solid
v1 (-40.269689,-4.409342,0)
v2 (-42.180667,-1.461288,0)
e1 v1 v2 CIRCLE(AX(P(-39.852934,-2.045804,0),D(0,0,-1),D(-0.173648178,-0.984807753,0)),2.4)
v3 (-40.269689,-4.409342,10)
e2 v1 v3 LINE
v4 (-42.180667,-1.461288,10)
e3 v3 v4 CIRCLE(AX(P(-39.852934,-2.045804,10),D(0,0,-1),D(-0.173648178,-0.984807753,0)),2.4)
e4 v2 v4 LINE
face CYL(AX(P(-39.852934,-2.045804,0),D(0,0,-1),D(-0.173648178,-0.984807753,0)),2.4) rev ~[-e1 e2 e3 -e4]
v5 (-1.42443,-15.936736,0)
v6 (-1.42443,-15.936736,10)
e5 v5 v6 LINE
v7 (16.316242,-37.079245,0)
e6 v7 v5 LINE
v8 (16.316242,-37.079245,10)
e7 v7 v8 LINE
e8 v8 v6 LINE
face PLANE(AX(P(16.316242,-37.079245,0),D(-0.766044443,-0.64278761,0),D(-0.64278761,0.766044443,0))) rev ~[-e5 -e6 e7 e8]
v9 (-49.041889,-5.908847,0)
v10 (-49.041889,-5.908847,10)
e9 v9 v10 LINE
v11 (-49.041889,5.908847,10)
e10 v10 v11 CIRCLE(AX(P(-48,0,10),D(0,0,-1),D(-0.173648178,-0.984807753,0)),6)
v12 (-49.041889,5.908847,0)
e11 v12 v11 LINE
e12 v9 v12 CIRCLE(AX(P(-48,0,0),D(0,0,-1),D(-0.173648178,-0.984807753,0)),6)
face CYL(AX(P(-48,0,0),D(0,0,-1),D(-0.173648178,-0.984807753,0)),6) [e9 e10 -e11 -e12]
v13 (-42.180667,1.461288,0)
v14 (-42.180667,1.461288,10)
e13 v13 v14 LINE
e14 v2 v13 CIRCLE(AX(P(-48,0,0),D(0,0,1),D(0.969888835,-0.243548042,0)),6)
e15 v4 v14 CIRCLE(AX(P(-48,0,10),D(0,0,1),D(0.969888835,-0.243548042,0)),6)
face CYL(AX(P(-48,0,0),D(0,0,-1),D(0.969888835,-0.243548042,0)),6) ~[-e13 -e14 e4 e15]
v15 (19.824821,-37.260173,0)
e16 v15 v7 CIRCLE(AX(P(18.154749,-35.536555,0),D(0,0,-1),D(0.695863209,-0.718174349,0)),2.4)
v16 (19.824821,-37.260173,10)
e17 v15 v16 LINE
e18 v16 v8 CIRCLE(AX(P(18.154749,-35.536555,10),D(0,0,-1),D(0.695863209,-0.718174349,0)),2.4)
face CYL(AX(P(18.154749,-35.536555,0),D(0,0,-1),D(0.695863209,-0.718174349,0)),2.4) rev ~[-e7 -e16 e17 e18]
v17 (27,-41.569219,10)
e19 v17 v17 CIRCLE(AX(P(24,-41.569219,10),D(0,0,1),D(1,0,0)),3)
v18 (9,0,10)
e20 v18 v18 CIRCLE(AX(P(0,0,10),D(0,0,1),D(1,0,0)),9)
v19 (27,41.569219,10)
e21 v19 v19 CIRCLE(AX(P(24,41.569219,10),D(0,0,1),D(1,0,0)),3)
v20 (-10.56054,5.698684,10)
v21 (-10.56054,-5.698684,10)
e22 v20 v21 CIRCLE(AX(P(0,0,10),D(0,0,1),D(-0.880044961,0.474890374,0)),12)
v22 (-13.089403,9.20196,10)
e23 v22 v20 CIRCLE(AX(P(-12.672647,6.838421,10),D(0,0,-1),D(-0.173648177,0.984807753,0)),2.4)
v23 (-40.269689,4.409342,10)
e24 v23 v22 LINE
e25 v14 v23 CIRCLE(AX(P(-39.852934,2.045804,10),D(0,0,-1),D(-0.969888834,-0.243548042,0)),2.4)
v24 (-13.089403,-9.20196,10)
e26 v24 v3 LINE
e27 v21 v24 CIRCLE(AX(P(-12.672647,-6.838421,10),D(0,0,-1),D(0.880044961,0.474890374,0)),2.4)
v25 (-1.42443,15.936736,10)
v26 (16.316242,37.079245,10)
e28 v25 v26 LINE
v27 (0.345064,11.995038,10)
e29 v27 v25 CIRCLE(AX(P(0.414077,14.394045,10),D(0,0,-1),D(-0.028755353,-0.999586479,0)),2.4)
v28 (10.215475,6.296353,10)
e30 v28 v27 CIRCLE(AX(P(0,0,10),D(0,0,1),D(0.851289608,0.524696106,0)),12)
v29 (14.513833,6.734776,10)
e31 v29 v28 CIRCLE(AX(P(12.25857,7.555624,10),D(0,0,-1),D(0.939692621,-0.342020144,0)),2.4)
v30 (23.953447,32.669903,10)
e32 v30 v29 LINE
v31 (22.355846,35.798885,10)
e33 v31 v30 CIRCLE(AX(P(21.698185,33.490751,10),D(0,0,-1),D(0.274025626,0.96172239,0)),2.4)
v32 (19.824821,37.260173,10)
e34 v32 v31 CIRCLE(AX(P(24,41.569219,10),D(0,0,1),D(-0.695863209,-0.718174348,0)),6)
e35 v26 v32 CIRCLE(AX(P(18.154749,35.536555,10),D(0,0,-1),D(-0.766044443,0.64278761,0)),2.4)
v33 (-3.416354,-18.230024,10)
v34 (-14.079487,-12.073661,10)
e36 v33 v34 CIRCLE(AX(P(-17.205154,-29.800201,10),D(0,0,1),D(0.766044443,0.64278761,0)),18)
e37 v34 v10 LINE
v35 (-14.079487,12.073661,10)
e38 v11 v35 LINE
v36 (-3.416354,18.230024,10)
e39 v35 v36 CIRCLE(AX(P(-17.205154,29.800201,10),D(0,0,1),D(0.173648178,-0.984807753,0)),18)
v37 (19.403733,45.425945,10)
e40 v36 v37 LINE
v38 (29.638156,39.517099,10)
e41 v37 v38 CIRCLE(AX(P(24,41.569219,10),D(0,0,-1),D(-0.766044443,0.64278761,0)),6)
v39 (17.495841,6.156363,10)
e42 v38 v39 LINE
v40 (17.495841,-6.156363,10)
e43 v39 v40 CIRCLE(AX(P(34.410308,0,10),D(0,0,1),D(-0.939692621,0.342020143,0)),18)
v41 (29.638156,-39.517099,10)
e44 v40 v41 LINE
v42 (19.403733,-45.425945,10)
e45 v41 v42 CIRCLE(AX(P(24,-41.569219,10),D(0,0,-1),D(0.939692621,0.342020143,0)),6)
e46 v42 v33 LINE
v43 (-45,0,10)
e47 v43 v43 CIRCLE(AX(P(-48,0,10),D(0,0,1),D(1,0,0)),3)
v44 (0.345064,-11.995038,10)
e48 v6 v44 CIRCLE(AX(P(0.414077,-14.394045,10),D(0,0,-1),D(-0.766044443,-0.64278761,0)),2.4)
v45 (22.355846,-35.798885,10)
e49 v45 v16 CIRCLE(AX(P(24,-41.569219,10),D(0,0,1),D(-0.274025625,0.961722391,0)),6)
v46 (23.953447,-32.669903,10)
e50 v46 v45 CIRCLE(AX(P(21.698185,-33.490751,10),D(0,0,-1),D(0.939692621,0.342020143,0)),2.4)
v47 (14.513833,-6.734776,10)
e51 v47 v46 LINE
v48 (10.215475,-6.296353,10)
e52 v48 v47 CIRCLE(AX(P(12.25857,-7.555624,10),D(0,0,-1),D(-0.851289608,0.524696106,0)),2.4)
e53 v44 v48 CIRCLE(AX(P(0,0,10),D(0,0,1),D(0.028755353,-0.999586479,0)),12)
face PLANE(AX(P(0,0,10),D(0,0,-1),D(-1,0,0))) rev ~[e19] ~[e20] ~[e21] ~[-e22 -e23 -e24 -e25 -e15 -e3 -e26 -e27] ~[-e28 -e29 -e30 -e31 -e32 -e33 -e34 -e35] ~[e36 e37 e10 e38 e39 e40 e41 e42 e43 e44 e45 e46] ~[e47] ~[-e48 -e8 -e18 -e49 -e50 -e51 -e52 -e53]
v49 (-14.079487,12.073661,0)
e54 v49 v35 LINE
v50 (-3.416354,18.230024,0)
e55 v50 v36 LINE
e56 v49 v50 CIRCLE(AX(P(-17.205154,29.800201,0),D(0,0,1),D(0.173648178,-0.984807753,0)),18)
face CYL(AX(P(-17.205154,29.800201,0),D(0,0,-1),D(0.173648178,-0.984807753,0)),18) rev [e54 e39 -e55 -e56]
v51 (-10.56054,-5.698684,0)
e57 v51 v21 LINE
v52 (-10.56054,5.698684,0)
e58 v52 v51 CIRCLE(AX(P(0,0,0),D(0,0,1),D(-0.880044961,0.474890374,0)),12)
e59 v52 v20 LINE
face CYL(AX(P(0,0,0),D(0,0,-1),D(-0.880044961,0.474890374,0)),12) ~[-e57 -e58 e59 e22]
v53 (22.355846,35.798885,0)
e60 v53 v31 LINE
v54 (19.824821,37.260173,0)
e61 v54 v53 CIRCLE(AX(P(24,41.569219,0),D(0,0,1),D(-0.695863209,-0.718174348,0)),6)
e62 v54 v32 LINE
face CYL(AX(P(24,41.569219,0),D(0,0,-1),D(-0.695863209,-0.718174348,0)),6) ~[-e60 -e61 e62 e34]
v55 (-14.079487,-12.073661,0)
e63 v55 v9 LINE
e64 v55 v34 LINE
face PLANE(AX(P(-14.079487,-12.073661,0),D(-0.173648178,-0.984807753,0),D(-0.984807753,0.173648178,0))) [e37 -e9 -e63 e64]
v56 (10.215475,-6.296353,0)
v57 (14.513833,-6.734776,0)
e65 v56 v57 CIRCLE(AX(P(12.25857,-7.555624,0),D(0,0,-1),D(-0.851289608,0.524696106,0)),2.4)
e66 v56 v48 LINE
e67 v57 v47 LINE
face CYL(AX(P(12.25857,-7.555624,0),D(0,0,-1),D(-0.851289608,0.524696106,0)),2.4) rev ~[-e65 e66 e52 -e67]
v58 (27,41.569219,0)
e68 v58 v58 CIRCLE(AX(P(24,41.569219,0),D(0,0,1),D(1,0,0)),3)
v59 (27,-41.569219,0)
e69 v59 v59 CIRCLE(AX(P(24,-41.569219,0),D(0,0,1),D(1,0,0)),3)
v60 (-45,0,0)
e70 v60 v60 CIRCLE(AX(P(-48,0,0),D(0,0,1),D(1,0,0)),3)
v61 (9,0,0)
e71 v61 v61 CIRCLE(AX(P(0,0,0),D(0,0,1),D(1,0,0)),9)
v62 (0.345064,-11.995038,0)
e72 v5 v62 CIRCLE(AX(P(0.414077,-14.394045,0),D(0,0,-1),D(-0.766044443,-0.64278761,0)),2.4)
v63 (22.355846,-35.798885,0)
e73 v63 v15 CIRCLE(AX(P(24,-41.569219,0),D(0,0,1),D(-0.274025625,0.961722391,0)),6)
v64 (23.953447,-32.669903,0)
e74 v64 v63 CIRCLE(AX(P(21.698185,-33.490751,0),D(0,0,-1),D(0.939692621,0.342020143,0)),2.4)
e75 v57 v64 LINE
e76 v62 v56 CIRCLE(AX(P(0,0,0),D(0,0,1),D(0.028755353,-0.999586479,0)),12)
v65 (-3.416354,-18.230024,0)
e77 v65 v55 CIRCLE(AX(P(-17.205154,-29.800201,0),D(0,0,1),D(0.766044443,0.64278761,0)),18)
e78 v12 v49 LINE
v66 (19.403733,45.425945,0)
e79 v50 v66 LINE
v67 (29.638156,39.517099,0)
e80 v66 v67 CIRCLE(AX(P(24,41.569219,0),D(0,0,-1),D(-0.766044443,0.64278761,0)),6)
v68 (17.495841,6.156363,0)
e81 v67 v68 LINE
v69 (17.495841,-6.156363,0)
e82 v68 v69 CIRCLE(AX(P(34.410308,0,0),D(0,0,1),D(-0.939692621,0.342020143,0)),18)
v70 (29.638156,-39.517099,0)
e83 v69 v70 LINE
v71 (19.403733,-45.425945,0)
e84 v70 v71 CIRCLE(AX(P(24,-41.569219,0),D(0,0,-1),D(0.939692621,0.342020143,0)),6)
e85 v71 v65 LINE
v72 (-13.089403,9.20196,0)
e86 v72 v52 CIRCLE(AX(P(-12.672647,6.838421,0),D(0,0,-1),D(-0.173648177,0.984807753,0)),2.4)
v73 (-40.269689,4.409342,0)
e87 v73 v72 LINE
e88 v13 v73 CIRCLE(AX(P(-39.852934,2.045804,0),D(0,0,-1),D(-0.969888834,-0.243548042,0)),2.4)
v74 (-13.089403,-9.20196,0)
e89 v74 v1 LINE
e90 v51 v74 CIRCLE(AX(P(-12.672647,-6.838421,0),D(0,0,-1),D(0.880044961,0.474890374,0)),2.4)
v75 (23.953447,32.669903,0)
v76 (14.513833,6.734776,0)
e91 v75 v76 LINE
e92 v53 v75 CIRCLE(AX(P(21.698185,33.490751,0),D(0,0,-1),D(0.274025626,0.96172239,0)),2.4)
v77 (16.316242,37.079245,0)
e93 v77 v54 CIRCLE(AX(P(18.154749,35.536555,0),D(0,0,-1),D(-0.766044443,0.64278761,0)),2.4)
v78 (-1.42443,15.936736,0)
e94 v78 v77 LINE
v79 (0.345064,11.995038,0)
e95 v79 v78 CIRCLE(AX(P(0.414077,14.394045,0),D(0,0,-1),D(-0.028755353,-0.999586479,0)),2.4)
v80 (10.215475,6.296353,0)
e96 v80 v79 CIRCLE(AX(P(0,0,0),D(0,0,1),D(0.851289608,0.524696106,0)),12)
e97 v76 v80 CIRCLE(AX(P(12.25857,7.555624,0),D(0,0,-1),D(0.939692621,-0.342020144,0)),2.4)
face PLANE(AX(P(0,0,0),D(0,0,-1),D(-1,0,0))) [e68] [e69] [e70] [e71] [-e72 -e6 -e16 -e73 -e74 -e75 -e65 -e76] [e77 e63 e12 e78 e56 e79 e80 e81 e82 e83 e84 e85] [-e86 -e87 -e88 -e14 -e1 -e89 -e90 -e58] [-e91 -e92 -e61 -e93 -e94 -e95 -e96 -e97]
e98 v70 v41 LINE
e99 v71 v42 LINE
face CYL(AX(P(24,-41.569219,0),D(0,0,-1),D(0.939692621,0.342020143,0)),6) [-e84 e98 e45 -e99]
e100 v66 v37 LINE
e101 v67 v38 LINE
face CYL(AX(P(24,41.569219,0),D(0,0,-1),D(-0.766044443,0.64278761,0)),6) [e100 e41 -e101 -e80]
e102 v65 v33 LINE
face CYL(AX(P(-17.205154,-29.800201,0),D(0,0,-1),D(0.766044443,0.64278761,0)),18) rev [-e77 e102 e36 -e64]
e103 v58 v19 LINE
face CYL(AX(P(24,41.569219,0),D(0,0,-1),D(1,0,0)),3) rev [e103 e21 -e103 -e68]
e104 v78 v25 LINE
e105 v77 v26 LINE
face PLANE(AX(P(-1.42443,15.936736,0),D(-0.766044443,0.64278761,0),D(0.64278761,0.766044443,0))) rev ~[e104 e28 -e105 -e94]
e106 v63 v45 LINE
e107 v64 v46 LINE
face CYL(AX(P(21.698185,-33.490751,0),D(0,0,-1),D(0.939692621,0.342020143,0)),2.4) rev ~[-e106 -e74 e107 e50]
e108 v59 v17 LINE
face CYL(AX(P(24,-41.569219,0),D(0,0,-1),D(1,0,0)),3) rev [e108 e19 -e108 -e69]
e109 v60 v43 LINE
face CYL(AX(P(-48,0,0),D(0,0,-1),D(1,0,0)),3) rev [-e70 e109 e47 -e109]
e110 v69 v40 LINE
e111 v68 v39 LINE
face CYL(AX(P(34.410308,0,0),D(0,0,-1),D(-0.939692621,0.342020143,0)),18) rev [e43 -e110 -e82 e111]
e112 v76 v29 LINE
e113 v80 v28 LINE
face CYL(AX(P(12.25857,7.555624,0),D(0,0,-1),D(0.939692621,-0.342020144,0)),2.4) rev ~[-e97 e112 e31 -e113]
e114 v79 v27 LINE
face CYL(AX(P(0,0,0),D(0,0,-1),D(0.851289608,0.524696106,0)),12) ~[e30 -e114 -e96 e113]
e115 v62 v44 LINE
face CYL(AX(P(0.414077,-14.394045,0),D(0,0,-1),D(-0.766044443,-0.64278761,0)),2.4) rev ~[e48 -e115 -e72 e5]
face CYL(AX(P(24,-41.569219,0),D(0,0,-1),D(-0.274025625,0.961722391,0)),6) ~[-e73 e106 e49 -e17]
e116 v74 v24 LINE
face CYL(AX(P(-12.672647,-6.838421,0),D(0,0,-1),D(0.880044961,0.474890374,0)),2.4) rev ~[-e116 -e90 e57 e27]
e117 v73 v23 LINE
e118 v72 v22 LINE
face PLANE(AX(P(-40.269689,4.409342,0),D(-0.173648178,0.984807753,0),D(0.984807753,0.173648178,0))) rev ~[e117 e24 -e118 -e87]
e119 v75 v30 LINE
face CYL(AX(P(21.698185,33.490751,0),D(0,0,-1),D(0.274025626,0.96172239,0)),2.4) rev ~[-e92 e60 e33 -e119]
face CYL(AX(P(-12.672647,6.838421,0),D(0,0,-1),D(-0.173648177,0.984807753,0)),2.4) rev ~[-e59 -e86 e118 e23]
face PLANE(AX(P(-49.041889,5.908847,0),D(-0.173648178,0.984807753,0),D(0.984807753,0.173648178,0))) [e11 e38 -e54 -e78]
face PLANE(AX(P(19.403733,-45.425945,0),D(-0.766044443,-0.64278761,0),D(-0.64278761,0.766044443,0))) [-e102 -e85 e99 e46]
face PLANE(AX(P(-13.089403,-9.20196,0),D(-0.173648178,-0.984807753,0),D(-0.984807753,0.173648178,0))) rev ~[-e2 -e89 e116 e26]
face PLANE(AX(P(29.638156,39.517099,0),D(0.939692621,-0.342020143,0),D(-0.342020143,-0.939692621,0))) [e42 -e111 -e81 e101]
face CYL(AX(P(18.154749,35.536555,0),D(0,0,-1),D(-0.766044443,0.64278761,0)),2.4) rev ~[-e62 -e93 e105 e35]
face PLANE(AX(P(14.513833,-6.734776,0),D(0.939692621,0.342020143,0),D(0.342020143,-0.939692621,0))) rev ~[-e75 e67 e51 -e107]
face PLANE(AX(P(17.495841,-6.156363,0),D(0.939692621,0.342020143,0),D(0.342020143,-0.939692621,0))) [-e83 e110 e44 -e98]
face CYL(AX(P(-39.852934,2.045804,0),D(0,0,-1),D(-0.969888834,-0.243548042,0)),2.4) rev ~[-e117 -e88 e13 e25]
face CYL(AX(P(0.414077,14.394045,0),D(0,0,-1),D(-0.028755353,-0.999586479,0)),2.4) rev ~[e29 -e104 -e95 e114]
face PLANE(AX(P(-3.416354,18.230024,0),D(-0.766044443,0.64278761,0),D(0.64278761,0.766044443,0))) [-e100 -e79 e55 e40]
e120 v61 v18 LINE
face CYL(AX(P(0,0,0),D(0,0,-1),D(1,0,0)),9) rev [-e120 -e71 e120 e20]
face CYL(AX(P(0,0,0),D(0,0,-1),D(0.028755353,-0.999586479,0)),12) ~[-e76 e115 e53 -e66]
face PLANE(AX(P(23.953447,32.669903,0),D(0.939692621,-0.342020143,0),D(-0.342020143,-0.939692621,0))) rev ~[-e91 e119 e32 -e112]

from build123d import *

# Parameters (mm, degrees)
SKETCH1_R           = 9
SKETCH1_R_2         = 3
BOSS_EXTRUDE2_DEPTH = 10


with BuildPart() as part:
    # Sketch1 → Boss-Extrude2 (new body)
    with BuildSketch(Plane.XY):
        with BuildLine():
            Line((-49.041889066, 5.908846518), (-14.079486813, 12.073661346))
            ThreePointArc((-14.079486813, 12.073661346), (-8.205154011, 14.211743632), (-3.416354035, 18.230023925))
            Line((-3.416354035, 18.230023925), (19.403733341, 45.42594504))
            ThreePointArc((19.403733341, 45.42594504), (27, 46.765371804), (29.638155725, 39.517098522))
            Line((29.638155725, 39.517098522), (17.495840849, 6.15636258))
            ThreePointArc((17.495840849, 6.15636258), (16.410308023, 0), (17.495840849, -6.15636258))
            Line((17.495840849, -6.15636258), (29.638155725, -39.517098522))
            ThreePointArc((29.638155725, -39.517098522), (27, -46.765371804), (19.403733341, -45.42594504))
            Line((19.403733341, -45.42594504), (-3.416354035, -18.230023925))
            ThreePointArc((-3.416354035, -18.230023925), (-8.205154011, -14.211743632), (-14.079486813, -12.073661346))
            Line((-14.079486813, -12.073661346), (-49.041889066, -5.908846518))
            ThreePointArc((-49.041889066, -5.908846518), (-54, 0), (-49.041889066, 5.908846518))
        make_face()
        Circle(SKETCH1_R, mode=Mode.SUBTRACT)
        with Locations((-48, 0)):
            Circle(SKETCH1_R_2, mode=Mode.SUBTRACT)
        with Locations((24, 41.569219382)):
            Circle(SKETCH1_R_2, mode=Mode.SUBTRACT)
        with Locations((24, -41.569219382)):
            Circle(SKETCH1_R_2, mode=Mode.SUBTRACT)
        with BuildLine():
            Line((-40.269689417, 4.409342161), (-13.089403061, 9.201959989))
            ThreePointArc((-13.089403061, 9.201959989), (-10.726679899, 8.24313144), (-10.560539529, 5.698684484))
            ThreePointArc((-10.560539529, 5.698684484), (-12, 0), (-10.560539529, -5.698684484))
            ThreePointArc((-10.560539529, -5.698684484), (-10.726679899, -8.24313144), (-13.089403061, -9.201959989))
            Line((-13.089403061, -9.201959989), (-40.269689417, -4.409342161))
            ThreePointArc((-40.269689417, -4.409342161), (-41.866838007, -3.351249763), (-42.180666993, -1.461288252))
            ThreePointArc((-42.180666993, -1.461288252), (-42, 0), (-42.180666993, 1.461288252))
            ThreePointArc((-42.180666993, 1.461288252), (-41.866838007, 3.351249763), (-40.269689417, 4.409342161))
        make_face(mode=Mode.SUBTRACT)
        with BuildLine():
            Line((23.953447034, 32.669902957), (14.513832645, 6.734775577))
            ThreePointArc((14.513832645, 6.734775577), (12.502101183, 5.168011571), (10.215475296, 6.296353268))
            ThreePointArc((10.215475296, 6.296353268), (6, 10.392304845), (0.345064233, 11.995037752))
            ThreePointArc((0.345064233, 11.995037752), (-1.775421284, 13.41114301), (-1.424429584, 15.936735566))
            Line((-1.424429584, 15.936735566), (16.316242383, 37.079245118))
            ThreePointArc((16.316242383, 37.079245118), (18.031151575, 37.933370172), (19.824820748, 37.260173291))
            ThreePointArc((19.824820748, 37.260173291), (21, 36.373066959), (22.355846246, 35.798885039))
            ThreePointArc((22.355846246, 35.798885039), (23.835686433, 34.582120409), (23.953447034, 32.669902957))
        make_face(mode=Mode.SUBTRACT)
        with BuildLine():
            Line((16.316242383, -37.079245118), (-1.424429584, -15.936735566))
            ThreePointArc((-1.424429584, -15.936735566), (-1.775421284, -13.41114301), (0.345064233, -11.995037752))
            ThreePointArc((0.345064233, -11.995037752), (6, -10.392304845), (10.215475296, -6.296353268))
            ThreePointArc((10.215475296, -6.296353268), (12.502101183, -5.168011571), (14.513832645, -6.734775577))
            Line((14.513832645, -6.734775577), (23.953447034, -32.669902957))
            ThreePointArc((23.953447034, -32.669902957), (23.835686433, -34.582120409), (22.355846246, -35.798885039))
            ThreePointArc((22.355846246, -35.798885039), (21, -36.373066959), (19.824820748, -37.260173291))
            ThreePointArc((19.824820748, -37.260173291), (18.031151575, -37.933370172), (16.316242383, -37.079245118))
        make_face(mode=Mode.SUBTRACT)
    extrude(amount=BOSS_EXTRUDE2_DEPTH)


solid = part.part
